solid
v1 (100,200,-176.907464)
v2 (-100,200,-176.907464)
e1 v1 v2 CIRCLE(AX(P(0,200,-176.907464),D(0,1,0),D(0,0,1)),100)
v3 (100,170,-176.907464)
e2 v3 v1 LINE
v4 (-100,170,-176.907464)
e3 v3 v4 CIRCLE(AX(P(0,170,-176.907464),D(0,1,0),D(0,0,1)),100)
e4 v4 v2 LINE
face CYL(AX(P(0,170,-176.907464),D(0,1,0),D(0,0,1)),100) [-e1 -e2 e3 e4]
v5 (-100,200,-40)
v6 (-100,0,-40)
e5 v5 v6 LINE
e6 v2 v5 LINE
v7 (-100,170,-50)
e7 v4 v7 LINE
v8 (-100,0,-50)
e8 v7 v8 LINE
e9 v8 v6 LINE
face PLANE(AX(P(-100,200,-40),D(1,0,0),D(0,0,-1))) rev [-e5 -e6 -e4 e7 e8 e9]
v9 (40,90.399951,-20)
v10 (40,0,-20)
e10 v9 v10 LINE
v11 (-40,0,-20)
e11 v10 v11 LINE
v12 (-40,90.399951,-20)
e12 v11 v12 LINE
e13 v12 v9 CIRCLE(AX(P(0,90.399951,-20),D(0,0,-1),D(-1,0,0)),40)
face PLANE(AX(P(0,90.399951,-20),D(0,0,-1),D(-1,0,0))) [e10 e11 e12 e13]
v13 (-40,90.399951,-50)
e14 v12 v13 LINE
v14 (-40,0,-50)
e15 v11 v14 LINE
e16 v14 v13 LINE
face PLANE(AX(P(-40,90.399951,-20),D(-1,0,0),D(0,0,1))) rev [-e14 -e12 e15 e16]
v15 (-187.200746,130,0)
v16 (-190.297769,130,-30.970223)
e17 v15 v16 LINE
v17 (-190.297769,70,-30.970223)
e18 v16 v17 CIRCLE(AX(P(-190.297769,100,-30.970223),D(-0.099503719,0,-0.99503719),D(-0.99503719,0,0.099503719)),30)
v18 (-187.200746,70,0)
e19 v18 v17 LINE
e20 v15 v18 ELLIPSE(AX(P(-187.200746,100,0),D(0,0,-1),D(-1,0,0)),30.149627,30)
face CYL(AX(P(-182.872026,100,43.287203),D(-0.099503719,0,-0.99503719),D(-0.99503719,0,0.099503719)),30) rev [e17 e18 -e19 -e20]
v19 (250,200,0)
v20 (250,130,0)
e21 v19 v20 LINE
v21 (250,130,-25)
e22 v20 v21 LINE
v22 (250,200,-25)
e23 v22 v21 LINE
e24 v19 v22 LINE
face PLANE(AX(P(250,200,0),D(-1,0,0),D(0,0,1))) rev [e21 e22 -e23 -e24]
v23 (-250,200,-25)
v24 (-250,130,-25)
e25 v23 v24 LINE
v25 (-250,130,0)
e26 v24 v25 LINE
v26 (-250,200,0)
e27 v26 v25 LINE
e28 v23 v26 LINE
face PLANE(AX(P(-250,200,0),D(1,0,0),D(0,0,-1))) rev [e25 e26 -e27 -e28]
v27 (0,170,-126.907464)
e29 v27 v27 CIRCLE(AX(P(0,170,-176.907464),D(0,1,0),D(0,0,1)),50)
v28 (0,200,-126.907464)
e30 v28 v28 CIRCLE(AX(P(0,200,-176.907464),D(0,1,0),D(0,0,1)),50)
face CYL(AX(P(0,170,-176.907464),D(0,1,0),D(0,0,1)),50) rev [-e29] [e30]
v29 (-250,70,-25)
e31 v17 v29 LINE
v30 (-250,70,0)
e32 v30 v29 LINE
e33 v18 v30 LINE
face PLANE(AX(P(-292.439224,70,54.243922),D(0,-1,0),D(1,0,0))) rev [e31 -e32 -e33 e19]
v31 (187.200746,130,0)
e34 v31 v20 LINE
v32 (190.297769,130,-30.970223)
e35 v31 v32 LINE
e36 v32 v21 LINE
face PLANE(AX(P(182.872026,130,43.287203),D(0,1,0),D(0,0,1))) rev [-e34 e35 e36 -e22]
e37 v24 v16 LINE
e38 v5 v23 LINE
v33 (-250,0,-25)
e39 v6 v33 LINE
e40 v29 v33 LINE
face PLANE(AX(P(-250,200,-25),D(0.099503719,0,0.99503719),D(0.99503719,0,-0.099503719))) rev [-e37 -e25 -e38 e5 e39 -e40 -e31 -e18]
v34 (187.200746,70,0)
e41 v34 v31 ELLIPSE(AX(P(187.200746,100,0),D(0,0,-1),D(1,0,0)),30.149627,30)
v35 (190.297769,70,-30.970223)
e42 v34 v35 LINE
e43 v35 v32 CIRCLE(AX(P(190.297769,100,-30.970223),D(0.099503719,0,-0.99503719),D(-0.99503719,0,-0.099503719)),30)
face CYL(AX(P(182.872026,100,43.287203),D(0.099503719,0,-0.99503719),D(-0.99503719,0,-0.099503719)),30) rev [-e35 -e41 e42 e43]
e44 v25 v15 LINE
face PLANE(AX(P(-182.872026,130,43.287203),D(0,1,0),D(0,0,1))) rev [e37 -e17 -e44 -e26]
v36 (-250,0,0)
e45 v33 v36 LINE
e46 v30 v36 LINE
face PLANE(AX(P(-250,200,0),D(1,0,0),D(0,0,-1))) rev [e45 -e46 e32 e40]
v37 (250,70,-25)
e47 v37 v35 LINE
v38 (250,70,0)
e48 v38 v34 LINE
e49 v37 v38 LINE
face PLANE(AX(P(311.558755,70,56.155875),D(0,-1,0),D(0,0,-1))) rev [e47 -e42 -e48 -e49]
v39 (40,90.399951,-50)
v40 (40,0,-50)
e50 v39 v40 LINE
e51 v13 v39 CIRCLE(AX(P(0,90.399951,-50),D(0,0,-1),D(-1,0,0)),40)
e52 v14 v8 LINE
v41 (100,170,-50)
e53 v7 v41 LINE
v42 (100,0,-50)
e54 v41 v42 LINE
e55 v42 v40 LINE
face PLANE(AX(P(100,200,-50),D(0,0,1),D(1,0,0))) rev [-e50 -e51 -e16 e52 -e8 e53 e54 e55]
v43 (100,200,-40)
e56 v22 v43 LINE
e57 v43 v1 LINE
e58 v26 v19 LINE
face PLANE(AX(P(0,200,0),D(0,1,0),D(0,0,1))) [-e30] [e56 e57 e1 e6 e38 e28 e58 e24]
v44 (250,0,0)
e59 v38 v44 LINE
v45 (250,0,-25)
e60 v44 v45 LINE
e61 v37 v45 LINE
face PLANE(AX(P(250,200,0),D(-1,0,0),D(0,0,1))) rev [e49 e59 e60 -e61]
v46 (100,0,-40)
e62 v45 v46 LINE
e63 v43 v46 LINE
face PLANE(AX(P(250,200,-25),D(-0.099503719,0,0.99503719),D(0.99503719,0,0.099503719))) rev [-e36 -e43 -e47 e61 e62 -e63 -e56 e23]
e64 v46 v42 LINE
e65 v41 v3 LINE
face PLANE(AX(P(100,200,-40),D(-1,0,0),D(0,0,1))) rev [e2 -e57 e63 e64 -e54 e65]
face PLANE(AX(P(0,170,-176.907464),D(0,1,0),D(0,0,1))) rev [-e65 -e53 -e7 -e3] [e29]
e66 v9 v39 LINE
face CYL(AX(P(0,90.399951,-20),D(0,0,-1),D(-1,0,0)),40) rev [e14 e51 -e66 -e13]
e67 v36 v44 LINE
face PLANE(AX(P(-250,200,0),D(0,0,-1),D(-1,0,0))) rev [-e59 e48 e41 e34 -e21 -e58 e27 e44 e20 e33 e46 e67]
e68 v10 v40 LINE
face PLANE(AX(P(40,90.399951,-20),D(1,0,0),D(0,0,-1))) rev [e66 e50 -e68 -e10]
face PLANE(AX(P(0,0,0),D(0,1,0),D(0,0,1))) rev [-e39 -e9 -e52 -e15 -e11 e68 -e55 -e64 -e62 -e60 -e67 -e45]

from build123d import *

# Parameters (mm, degrees)
BOSS_EXTRUDE1_DEPTH = 200
CUT_EXTRUDE1_DEPTH  = 30
CUT_EXTRUDE2_DEPTH  = 75.627789266
CUT_EXTRUDE3_DEPTH  = 75.627789266
SKETCH5_R           = 50
BOSS_EXTRUDE2_DEPTH = 30


with BuildPart() as part:
    # Sketch1 → Boss-Extrude1 (new body)
    with BuildSketch(Plane(origin=(0, 0, 0), x_dir=(1, 0, 0), z_dir=(0, 1, 0))):
        Polygon((-250, 0), (250, 0), (250, 25), (100, 40), (100, 50), (-100, 50), (-100, 40), (-250, 25), align=None)
    extrude(amount=BOSS_EXTRUDE1_DEPTH)

    # Sketch2 → Cut-Extrude1 (cut)
    with BuildSketch(Plane(origin=(0, 0, -50), x_dir=(-1, 0, 0), z_dir=(0, 0, -1))):
        with BuildLine():
            Line((-40, 0), (40, 0))
            Line((40, 0), (40, 90.399951474))
            ThreePointArc((40, 90.399951474), (0, 130.399951474), (-40, 90.399951474))
            Line((-40, 90.399951474), (-40, 0))
        make_face()
    extrude(amount=-CUT_EXTRUDE1_DEPTH, mode=Mode.SUBTRACT)

    # Sketch3 → Cut-Extrude2 (cut, through all)
    with BuildSketch(Plane(origin=(-4.95049505, 0, -49.504950495), x_dir=(-0.99503719, 0, 0.099503719), z_dir=(-0.099503719, 0, -0.99503719))):
        with BuildLine():
            Line((186.271704577, 130), (296.385375979, 130))
            Line((296.385375979, 130), (296.385375979, 70))
            Line((296.385375979, 70), (186.271704577, 70))
            ThreePointArc((186.271704577, 70), (156.271704577, 100), (186.271704577, 130))
        make_face()
    extrude(amount=-CUT_EXTRUDE2_DEPTH, mode=Mode.SUBTRACT)

    # Sketch4 → Cut-Extrude3 (cut, through all)
    with BuildSketch(Plane(origin=(4.95049505, 0, -49.504950495), x_dir=(-0.99503719, 0, -0.099503719), z_dir=(0.099503719, 0, -0.99503719))):
        with BuildLine():
            Line((-186.271704577, 130), (-315.600266526, 130))
            Line((-315.600266526, 130), (-315.600266526, 70))
            Line((-315.600266526, 70), (-186.271704577, 70))
            ThreePointArc((-186.271704577, 70), (-156.271704577, 100), (-186.271704577, 130))
        make_face()
    extrude(amount=-CUT_EXTRUDE3_DEPTH, mode=Mode.SUBTRACT)

    # Sketch5 → Boss-Extrude2 (add)
    with BuildSketch(Plane(origin=(0, 200, 0), x_dir=(1, 0, 0), z_dir=(0, 1, 0))):
        with BuildLine():
            Line((100, 50), (-100, 50))
            Line((-100, 50), (-100, 176.90746365))
            ThreePointArc((-100, 176.90746365), (0, 276.90746365), (100, 176.90746365))
            Line((100, 176.90746365), (100, 50))
        make_face()
        with Locations((0, 176.90746365)):
            Circle(SKETCH5_R, mode=Mode.SUBTRACT)
    extrude(amount=-BOSS_EXTRUDE2_DEPTH)


solid = part.part
